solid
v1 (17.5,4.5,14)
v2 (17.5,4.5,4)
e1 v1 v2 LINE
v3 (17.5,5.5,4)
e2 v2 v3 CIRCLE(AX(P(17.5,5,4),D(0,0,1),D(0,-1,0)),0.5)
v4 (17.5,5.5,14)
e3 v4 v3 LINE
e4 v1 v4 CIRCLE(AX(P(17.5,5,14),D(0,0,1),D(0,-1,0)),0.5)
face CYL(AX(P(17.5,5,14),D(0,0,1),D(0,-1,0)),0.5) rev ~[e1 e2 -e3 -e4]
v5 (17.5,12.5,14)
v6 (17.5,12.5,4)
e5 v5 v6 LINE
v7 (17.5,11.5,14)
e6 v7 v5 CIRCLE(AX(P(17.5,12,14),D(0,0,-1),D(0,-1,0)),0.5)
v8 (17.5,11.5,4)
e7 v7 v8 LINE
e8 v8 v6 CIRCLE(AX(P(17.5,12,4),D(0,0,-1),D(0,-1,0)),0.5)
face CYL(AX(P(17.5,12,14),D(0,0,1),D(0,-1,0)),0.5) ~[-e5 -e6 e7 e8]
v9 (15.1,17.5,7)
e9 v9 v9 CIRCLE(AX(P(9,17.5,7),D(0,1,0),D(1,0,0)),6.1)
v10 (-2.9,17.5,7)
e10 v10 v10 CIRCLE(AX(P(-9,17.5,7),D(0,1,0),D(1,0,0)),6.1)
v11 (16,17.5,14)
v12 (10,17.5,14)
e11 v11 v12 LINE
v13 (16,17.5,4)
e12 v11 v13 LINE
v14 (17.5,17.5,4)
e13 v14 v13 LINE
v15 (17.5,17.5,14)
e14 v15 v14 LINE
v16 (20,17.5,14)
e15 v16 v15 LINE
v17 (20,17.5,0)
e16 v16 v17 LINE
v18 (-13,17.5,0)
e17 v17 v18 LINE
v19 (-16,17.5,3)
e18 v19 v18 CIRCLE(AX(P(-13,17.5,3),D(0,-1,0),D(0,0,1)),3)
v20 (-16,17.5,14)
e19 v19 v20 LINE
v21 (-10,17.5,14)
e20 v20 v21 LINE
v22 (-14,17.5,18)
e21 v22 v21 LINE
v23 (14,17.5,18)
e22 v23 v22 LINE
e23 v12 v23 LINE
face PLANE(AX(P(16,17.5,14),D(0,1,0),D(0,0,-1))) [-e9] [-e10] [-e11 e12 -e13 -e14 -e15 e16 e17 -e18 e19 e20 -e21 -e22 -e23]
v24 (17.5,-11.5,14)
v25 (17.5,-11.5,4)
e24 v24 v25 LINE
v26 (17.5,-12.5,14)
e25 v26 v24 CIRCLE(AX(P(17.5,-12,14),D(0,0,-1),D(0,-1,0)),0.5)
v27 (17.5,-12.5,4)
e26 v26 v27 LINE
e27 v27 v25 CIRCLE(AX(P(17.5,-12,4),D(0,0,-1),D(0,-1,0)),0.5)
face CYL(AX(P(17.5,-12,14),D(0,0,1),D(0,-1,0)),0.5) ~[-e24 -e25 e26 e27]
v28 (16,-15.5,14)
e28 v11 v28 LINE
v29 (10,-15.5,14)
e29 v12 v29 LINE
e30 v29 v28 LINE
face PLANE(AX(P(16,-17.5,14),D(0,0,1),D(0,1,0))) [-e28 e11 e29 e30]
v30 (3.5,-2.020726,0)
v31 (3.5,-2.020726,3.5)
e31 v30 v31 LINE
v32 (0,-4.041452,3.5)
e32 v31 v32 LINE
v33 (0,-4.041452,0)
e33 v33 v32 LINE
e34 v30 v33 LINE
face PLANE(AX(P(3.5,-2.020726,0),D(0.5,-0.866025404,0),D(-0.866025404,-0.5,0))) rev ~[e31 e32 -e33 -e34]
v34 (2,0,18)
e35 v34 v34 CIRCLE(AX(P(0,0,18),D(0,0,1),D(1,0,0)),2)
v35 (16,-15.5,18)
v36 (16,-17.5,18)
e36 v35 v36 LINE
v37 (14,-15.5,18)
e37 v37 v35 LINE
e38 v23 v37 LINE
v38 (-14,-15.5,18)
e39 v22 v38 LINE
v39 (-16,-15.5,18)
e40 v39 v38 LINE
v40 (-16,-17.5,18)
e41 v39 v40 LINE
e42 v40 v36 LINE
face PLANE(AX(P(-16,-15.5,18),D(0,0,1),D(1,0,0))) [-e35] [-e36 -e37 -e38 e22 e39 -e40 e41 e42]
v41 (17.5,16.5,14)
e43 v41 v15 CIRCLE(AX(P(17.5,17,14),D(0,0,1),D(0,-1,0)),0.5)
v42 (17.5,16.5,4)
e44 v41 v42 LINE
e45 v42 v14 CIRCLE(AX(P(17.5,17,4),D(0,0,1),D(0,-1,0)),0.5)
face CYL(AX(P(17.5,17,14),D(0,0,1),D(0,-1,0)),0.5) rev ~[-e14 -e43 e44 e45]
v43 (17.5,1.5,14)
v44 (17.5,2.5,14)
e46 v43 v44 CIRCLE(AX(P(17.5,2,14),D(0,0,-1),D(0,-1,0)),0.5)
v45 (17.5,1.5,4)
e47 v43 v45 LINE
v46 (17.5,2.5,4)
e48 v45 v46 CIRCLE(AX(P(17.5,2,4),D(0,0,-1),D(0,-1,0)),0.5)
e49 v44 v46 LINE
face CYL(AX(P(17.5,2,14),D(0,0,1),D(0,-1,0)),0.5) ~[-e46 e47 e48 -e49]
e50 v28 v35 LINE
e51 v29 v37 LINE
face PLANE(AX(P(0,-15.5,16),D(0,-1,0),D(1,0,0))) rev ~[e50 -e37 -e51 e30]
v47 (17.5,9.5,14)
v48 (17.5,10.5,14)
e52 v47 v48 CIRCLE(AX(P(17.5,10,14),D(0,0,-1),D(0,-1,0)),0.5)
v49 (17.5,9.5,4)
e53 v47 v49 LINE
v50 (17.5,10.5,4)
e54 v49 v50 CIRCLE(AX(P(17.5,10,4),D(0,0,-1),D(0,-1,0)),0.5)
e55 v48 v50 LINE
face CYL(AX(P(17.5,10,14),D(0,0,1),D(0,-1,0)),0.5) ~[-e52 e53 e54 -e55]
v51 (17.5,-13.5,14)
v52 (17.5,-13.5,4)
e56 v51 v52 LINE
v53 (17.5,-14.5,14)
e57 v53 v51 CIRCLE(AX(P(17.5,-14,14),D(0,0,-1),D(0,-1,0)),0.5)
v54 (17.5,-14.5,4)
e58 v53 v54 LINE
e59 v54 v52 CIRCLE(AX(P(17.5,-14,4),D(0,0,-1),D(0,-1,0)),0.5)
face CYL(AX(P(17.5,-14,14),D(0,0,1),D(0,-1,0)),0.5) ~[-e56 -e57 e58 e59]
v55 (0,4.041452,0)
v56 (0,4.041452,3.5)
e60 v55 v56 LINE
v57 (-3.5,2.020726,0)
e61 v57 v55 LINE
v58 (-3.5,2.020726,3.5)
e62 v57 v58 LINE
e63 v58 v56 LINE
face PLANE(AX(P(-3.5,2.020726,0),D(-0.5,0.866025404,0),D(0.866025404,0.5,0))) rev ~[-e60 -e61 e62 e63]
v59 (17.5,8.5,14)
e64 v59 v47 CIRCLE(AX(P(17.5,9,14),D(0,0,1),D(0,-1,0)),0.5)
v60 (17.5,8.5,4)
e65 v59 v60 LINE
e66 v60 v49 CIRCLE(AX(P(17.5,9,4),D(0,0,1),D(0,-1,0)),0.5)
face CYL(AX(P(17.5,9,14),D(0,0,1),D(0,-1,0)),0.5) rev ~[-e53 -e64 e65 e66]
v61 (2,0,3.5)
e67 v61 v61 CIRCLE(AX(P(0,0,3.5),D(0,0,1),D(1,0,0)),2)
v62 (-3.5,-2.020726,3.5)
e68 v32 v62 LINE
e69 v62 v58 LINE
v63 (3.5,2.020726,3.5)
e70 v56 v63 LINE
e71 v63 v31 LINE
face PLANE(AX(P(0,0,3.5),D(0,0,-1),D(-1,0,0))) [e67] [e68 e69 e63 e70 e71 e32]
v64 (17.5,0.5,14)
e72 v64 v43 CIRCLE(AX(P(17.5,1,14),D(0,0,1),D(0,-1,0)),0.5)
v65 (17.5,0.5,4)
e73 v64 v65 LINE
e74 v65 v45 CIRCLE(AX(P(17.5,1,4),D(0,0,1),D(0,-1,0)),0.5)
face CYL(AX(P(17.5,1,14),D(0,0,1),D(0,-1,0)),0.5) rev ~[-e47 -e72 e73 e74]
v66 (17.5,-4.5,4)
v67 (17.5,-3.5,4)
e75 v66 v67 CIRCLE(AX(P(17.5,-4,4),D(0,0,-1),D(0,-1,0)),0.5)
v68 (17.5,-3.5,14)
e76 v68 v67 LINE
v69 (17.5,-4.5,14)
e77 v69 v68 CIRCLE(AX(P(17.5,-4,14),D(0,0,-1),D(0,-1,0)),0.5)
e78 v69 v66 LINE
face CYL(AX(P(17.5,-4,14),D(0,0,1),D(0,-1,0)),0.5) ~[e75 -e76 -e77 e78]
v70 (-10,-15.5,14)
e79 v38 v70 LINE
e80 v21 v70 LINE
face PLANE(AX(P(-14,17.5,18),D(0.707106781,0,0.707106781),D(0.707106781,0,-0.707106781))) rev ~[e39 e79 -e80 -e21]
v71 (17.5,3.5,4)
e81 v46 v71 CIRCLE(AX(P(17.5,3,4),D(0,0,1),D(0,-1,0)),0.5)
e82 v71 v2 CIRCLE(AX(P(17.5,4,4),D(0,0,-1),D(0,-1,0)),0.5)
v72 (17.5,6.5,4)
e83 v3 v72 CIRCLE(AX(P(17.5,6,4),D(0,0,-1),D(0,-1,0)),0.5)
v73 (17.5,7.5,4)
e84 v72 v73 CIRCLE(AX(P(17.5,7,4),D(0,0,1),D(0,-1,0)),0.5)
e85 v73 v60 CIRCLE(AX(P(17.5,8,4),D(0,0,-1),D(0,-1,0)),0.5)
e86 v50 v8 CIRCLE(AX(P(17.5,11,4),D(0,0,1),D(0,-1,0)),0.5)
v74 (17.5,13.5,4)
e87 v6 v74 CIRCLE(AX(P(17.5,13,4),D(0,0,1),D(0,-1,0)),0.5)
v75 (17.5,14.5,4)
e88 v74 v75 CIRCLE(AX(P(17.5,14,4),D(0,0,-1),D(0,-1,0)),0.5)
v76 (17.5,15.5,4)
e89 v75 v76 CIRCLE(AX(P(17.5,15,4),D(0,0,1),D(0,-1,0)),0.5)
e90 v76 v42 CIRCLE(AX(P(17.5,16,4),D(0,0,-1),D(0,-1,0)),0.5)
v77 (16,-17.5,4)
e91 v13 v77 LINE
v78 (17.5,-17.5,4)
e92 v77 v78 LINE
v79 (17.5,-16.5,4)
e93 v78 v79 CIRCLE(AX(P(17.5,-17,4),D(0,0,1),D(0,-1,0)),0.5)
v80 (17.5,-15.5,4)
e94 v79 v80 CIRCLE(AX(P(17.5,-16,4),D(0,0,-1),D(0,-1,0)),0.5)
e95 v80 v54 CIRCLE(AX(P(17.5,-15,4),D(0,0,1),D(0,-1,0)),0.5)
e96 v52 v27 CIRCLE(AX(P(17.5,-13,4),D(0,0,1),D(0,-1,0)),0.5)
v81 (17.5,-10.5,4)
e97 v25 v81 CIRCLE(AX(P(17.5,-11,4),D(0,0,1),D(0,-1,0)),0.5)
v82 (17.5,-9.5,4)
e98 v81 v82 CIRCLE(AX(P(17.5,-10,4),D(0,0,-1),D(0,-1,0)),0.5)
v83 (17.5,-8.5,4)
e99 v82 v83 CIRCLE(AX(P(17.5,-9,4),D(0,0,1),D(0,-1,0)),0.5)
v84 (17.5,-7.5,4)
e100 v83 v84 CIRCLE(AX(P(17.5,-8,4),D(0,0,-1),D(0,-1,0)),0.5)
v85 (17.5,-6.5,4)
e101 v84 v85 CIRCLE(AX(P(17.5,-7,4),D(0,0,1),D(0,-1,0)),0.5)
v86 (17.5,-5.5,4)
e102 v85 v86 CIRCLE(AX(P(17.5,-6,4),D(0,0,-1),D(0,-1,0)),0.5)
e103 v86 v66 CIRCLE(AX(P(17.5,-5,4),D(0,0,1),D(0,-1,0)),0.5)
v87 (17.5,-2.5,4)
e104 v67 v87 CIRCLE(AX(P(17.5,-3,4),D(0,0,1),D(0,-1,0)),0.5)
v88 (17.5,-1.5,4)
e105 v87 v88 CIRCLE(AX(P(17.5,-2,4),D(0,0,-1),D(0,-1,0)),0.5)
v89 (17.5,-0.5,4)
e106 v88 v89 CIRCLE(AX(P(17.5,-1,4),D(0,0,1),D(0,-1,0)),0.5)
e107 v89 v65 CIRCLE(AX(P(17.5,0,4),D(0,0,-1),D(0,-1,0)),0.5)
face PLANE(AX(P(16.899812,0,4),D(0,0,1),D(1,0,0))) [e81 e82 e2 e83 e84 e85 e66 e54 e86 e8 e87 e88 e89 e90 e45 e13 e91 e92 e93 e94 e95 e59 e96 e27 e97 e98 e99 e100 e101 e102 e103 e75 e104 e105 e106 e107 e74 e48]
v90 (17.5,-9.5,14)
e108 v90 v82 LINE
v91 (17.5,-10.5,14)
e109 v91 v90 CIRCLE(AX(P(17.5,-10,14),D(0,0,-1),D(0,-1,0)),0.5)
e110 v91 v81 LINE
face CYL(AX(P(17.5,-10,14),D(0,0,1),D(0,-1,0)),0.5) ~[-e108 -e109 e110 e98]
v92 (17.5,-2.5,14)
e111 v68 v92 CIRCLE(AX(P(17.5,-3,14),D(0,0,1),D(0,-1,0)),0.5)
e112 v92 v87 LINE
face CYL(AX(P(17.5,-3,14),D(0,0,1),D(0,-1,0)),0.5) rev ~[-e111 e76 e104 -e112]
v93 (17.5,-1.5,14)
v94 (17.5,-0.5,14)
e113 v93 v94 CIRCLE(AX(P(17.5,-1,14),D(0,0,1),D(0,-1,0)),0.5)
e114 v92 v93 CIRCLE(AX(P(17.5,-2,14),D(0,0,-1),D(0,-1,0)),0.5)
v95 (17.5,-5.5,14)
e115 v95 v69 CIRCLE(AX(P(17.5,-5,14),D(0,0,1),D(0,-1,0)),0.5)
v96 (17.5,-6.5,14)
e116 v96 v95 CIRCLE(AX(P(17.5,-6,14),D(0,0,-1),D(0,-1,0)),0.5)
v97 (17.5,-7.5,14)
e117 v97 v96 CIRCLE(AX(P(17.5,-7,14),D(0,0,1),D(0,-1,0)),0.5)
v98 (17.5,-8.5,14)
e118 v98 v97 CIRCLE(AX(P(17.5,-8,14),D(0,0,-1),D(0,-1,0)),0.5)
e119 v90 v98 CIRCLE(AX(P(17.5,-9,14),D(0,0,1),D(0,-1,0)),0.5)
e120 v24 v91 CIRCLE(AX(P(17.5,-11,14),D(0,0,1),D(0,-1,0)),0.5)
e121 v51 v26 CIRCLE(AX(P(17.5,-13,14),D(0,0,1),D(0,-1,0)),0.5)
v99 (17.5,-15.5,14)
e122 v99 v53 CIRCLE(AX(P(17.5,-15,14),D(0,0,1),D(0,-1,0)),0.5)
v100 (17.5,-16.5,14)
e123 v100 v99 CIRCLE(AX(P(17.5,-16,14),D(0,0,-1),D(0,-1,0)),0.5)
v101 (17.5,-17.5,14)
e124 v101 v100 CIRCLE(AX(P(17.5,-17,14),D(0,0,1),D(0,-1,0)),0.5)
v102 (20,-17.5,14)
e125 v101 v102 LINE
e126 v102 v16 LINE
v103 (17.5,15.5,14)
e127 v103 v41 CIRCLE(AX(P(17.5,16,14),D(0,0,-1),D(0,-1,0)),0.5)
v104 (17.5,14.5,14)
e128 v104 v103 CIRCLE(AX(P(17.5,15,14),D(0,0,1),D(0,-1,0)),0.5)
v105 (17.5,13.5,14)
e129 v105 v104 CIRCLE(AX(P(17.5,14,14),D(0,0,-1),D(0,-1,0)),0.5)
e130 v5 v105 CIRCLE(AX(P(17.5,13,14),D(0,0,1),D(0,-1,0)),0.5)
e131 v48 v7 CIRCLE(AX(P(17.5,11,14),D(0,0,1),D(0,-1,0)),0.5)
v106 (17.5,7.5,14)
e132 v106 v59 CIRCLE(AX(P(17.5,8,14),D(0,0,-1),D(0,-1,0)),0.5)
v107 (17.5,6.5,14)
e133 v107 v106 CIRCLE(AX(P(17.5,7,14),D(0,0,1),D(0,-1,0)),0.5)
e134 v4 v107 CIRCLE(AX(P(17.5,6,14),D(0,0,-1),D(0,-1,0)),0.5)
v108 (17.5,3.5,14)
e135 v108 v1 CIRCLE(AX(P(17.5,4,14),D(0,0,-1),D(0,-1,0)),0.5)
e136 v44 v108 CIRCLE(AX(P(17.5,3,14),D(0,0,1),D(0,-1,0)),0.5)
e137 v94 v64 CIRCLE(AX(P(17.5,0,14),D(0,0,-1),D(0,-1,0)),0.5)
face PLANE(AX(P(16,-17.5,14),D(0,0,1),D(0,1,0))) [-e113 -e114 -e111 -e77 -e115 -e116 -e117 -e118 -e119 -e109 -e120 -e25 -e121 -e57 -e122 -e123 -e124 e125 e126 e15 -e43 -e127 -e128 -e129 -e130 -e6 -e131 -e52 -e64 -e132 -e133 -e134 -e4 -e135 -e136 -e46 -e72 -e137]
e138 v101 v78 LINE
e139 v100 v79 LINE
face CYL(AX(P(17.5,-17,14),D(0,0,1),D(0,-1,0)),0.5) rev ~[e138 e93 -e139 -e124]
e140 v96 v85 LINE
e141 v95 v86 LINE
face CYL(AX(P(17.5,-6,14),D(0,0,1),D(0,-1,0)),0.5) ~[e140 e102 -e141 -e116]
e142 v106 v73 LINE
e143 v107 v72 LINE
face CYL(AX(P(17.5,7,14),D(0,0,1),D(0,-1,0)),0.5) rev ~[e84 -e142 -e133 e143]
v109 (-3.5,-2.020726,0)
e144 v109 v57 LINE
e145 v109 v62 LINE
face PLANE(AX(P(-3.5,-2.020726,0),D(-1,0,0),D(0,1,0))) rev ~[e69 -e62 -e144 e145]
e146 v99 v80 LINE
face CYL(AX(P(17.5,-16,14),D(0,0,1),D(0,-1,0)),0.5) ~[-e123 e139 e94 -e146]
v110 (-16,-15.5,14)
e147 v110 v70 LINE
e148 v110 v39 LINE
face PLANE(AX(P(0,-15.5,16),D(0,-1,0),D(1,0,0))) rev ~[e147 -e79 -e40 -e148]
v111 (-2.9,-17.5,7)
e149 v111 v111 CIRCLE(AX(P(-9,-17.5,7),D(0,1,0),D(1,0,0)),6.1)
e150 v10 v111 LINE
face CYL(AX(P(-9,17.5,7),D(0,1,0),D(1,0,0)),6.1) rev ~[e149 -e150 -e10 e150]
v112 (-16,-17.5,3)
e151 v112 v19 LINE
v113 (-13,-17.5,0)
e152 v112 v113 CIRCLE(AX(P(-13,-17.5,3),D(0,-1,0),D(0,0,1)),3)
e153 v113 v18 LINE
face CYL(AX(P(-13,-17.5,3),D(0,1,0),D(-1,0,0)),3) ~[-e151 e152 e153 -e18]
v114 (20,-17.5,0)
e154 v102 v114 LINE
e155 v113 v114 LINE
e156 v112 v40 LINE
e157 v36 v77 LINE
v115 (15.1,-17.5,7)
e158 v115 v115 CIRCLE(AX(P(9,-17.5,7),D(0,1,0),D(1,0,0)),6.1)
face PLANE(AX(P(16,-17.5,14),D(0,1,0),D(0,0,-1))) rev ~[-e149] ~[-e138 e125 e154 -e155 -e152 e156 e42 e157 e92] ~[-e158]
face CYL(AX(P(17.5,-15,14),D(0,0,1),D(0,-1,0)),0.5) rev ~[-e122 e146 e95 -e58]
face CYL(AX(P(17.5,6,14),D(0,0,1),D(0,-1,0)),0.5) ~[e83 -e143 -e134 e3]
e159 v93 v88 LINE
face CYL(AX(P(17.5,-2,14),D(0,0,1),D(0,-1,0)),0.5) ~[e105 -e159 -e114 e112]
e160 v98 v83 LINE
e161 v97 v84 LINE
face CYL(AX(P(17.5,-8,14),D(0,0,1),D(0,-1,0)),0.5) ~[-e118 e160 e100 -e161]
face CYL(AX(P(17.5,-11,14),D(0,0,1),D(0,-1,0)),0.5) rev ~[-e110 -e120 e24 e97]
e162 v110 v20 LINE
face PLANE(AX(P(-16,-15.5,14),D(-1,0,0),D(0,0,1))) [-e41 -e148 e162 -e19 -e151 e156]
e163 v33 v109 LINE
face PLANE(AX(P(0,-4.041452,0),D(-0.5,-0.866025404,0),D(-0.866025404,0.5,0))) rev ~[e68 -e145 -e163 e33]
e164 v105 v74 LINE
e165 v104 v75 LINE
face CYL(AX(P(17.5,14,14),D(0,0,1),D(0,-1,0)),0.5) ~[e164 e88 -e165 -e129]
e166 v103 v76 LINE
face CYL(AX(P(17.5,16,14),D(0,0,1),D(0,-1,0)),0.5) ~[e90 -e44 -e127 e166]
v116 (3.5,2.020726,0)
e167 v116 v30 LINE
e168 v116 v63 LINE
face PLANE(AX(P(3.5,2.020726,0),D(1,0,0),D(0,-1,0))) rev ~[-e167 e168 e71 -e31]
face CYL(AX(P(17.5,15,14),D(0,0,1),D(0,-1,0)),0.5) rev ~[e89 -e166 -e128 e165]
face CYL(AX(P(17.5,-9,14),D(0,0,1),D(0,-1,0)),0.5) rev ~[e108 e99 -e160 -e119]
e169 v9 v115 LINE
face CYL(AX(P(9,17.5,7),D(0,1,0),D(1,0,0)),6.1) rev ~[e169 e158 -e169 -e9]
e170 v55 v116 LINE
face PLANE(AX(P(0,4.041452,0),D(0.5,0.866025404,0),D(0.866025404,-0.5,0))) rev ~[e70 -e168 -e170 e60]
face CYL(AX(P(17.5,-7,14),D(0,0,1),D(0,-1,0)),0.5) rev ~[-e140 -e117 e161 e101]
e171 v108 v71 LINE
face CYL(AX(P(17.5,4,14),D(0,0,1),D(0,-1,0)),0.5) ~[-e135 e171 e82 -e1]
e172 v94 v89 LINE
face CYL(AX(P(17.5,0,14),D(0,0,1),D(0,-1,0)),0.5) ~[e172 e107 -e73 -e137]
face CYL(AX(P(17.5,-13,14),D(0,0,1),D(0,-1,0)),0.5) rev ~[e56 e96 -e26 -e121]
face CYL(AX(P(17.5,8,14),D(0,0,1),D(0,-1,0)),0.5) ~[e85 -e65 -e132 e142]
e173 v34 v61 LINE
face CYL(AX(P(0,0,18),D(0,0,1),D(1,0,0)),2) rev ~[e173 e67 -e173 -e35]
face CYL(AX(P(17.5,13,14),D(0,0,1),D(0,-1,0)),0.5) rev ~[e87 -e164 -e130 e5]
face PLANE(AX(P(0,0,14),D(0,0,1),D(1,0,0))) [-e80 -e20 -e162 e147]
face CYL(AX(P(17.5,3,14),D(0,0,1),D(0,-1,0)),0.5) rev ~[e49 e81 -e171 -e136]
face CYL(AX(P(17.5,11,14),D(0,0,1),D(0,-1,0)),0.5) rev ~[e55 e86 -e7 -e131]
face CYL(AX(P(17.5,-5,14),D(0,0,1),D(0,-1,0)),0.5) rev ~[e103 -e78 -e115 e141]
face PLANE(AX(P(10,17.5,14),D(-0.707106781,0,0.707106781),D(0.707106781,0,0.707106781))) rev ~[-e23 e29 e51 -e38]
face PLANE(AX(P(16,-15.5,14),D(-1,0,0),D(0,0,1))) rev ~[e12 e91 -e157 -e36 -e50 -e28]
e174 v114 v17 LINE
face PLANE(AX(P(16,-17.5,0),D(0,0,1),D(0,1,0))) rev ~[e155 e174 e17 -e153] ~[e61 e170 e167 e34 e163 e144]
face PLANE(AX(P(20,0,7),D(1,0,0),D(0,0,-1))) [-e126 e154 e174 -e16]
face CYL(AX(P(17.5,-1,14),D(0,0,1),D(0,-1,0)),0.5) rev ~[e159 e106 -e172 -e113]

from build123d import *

# Parameters (mm, degrees)
SKETCH_1_W          = 32
SKETCH_1_H          = 35
EXTRUDE_1_DEPTH     = 14
CUT_EXTRUDE_1_REACH = 37
SKETCH_2_R          = 6.1
EXTRUDE_2_DEPTH     = 33
SKETCH_5_W          = 32
SKETCH_5_H          = 4
EXTRUDE_3_DEPTH     = 2
FILLET_1_R          = 3
SKETCH_6_W          = 14
SKETCH_6_H          = 35
EXTRUDE_4_DEPTH     = 4
CUT_EXTRUDE_2_DEPTH = 10
CUT_EXTRUDE_3_REACH = 20
SKETCH_9_R          = 2
CUT_EXTRUDE_4_DEPTH = 3.5


with BuildPart() as part:
    # Эскиз1 → Бобышка-Вытянуть1 (new body)
    with BuildSketch(Plane.XY):
        Rectangle(SKETCH_1_W, SKETCH_1_H)
    extrude(amount=EXTRUDE_1_DEPTH)

    # Эскиз2 → Вырез-Вытянуть1 (cut, up to next)
    with BuildSketch(Plane(origin=(0, 17.5, 0), x_dir=(1, 0, 0), z_dir=(0, 1, 0)), mode=Mode.PRIVATE) as cut_extrude_1_sk1:
        with Locations((-9, -7)):
            Circle(SKETCH_2_R)
    cut_extrude_1_tool1 = extrude(cut_extrude_1_sk1.sketch, amount=-CUT_EXTRUDE_1_REACH, mode=Mode.PRIVATE) & part.part
    add(cut_extrude_1_tool1.solids().sort_by_distance((-9, 17.5, 7))[0], mode=Mode.SUBTRACT)
    # Эскиз2 → Вырез-Вытянуть1 (cut, up to next)
    with BuildSketch(Plane(origin=(0, 17.5, 0), x_dir=(1, 0, 0), z_dir=(0, 1, 0)), mode=Mode.PRIVATE) as cut_extrude_1_sk2:
        with Locations((9, -7)):
            Circle(SKETCH_2_R)
    cut_extrude_1_tool2 = extrude(cut_extrude_1_sk2.sketch, amount=-CUT_EXTRUDE_1_REACH, mode=Mode.PRIVATE) & part.part
    add(cut_extrude_1_tool2.solids().sort_by_distance((9, 17.5, 7))[0], mode=Mode.SUBTRACT)

    # Эскиз3 → Бобышка-Вытянуть2 (add)
    with BuildSketch(Plane(origin=(0, 17.5, 0), x_dir=(1, 0, 0), z_dir=(0, 1, 0))):
        Polygon((-14, -18), (-10, -14), (10, -14), (14, -18), align=None)
    extrude(amount=-EXTRUDE_2_DEPTH)

    # Эскиз5 → Бобышка-Вытянуть3 (add)
    with BuildSketch(Plane.XZ.offset(15.5)):
        with Locations((0, 16)):
            Rectangle(SKETCH_5_W, SKETCH_5_H)
    extrude(amount=EXTRUDE_3_DEPTH)

    # Скругление1
    fillet_1_edges = [part.edges().sort_by_distance(p)[0] for p in [
        (-16, 0, 0),
    ]]
    fillet(fillet_1_edges, radius=FILLET_1_R)

    # Эскиз6 → Бобышка-Вытянуть4 (add)
    with BuildSketch(Plane(origin=(16, 0, 0), x_dir=(0, 0, -1), z_dir=(1, 0, 0))):
        with Locations((-7, 0)):
            Rectangle(SKETCH_6_W, SKETCH_6_H)
    extrude(amount=EXTRUDE_4_DEPTH)

    # Эскиз7 → Вырез-Вытянуть2 (cut)
    with BuildSketch(Plane.XY.offset(14)):
        with BuildLine():
            Line((16, -17.5), (17.5, -17.5))
            ThreePointArc((17.5, -17.5), (18, -17), (17.5, -16.5))
            ThreePointArc((17.5, -16.5), (17, -16), (17.5, -15.5))
            ThreePointArc((17.5, -15.5), (18, -15), (17.5, -14.5))
            ThreePointArc((17.5, -14.5), (17, -14), (17.5, -13.5))
            ThreePointArc((17.5, -13.5), (18, -13), (17.5, -12.5))
            ThreePointArc((17.5, -12.5), (17, -12), (17.5, -11.5))
            ThreePointArc((17.5, -11.5), (18, -11), (17.5, -10.5))
            ThreePointArc((17.5, -10.5), (17, -10), (17.5, -9.5))
            ThreePointArc((17.5, -9.5), (18, -9), (17.5, -8.5))
            ThreePointArc((17.5, -8.5), (17, -8), (17.5, -7.5))
            ThreePointArc((17.5, -7.5), (18, -7), (17.5, -6.5))
            ThreePointArc((17.5, -6.5), (17, -6), (17.5, -5.5))
            ThreePointArc((17.5, -5.5), (18, -5), (17.5, -4.5))
            ThreePointArc((17.5, -4.5), (17, -4), (17.5, -3.5))
            ThreePointArc((17.5, -3.5), (18, -3), (17.5, -2.5))
            ThreePointArc((17.5, -2.5), (17, -2), (17.5, -1.5))
            ThreePointArc((17.5, -1.5), (18, -1), (17.5, -0.5))
            ThreePointArc((17.5, -0.5), (17, 0), (17.5, 0.5))
            ThreePointArc((17.5, 0.5), (18, 1), (17.5, 1.5))
            ThreePointArc((17.5, 1.5), (17, 2), (17.5, 2.5))
            ThreePointArc((17.5, 2.5), (18, 3), (17.5, 3.5))
            ThreePointArc((17.5, 3.5), (17, 4), (17.5, 4.5))
            ThreePointArc((17.5, 4.5), (18, 5), (17.5, 5.5))
            ThreePointArc((17.5, 5.5), (17, 6), (17.5, 6.5))
            ThreePointArc((17.5, 6.5), (18, 7), (17.5, 7.5))
            ThreePointArc((17.5, 7.5), (17, 8), (17.5, 8.5))
            ThreePointArc((17.5, 8.5), (18, 9), (17.5, 9.5))
            ThreePointArc((17.5, 9.5), (17, 10), (17.5, 10.5))
            ThreePointArc((17.5, 10.5), (18, 11), (17.5, 11.5))
            ThreePointArc((17.5, 11.5), (17, 12), (17.5, 12.5))
            ThreePointArc((17.5, 12.5), (18, 13), (17.5, 13.5))
            ThreePointArc((17.5, 13.5), (17, 14), (17.5, 14.5))
            ThreePointArc((17.5, 14.5), (18, 15), (17.5, 15.5))
            ThreePointArc((17.5, 15.5), (17, 16), (17.5, 16.5))
            ThreePointArc((17.5, 16.5), (18, 17), (17.5, 17.5))
            Line((17.5, 17.5), (16, 17.5))
            Line((16, 17.5), (16, -17.5))
        make_face()
    extrude(amount=-CUT_EXTRUDE_2_DEPTH, mode=Mode.SUBTRACT)

    # Эскиз9 → Вырез-Вытянуть3 (cut, up to next)
    with BuildSketch(Plane.XY.offset(18), mode=Mode.PRIVATE) as cut_extrude_3_sk1:
        Circle(SKETCH_9_R)
    cut_extrude_3_tool1 = extrude(cut_extrude_3_sk1.sketch, amount=-CUT_EXTRUDE_3_REACH, mode=Mode.PRIVATE) & part.part
    add(cut_extrude_3_tool1.solids().sort_by_distance((0, 0, 18))[0], mode=Mode.SUBTRACT)

    # Эскиз10 → Вырез-Вытянуть4 (cut)
    with BuildSketch(Plane(origin=(0, 0, 0), x_dir=(-1, 0, 0), z_dir=(0, 0, -1))):
        Polygon((0, -4.041451884), (3.5, -2.020725942), (3.5, 2.020725942), (0, 4.041451884), (-3.5, 2.020725942), (-3.5, -2.020725942), align=None)
    extrude(amount=-CUT_EXTRUDE_4_DEPTH, mode=Mode.SUBTRACT)


solid = part.part
